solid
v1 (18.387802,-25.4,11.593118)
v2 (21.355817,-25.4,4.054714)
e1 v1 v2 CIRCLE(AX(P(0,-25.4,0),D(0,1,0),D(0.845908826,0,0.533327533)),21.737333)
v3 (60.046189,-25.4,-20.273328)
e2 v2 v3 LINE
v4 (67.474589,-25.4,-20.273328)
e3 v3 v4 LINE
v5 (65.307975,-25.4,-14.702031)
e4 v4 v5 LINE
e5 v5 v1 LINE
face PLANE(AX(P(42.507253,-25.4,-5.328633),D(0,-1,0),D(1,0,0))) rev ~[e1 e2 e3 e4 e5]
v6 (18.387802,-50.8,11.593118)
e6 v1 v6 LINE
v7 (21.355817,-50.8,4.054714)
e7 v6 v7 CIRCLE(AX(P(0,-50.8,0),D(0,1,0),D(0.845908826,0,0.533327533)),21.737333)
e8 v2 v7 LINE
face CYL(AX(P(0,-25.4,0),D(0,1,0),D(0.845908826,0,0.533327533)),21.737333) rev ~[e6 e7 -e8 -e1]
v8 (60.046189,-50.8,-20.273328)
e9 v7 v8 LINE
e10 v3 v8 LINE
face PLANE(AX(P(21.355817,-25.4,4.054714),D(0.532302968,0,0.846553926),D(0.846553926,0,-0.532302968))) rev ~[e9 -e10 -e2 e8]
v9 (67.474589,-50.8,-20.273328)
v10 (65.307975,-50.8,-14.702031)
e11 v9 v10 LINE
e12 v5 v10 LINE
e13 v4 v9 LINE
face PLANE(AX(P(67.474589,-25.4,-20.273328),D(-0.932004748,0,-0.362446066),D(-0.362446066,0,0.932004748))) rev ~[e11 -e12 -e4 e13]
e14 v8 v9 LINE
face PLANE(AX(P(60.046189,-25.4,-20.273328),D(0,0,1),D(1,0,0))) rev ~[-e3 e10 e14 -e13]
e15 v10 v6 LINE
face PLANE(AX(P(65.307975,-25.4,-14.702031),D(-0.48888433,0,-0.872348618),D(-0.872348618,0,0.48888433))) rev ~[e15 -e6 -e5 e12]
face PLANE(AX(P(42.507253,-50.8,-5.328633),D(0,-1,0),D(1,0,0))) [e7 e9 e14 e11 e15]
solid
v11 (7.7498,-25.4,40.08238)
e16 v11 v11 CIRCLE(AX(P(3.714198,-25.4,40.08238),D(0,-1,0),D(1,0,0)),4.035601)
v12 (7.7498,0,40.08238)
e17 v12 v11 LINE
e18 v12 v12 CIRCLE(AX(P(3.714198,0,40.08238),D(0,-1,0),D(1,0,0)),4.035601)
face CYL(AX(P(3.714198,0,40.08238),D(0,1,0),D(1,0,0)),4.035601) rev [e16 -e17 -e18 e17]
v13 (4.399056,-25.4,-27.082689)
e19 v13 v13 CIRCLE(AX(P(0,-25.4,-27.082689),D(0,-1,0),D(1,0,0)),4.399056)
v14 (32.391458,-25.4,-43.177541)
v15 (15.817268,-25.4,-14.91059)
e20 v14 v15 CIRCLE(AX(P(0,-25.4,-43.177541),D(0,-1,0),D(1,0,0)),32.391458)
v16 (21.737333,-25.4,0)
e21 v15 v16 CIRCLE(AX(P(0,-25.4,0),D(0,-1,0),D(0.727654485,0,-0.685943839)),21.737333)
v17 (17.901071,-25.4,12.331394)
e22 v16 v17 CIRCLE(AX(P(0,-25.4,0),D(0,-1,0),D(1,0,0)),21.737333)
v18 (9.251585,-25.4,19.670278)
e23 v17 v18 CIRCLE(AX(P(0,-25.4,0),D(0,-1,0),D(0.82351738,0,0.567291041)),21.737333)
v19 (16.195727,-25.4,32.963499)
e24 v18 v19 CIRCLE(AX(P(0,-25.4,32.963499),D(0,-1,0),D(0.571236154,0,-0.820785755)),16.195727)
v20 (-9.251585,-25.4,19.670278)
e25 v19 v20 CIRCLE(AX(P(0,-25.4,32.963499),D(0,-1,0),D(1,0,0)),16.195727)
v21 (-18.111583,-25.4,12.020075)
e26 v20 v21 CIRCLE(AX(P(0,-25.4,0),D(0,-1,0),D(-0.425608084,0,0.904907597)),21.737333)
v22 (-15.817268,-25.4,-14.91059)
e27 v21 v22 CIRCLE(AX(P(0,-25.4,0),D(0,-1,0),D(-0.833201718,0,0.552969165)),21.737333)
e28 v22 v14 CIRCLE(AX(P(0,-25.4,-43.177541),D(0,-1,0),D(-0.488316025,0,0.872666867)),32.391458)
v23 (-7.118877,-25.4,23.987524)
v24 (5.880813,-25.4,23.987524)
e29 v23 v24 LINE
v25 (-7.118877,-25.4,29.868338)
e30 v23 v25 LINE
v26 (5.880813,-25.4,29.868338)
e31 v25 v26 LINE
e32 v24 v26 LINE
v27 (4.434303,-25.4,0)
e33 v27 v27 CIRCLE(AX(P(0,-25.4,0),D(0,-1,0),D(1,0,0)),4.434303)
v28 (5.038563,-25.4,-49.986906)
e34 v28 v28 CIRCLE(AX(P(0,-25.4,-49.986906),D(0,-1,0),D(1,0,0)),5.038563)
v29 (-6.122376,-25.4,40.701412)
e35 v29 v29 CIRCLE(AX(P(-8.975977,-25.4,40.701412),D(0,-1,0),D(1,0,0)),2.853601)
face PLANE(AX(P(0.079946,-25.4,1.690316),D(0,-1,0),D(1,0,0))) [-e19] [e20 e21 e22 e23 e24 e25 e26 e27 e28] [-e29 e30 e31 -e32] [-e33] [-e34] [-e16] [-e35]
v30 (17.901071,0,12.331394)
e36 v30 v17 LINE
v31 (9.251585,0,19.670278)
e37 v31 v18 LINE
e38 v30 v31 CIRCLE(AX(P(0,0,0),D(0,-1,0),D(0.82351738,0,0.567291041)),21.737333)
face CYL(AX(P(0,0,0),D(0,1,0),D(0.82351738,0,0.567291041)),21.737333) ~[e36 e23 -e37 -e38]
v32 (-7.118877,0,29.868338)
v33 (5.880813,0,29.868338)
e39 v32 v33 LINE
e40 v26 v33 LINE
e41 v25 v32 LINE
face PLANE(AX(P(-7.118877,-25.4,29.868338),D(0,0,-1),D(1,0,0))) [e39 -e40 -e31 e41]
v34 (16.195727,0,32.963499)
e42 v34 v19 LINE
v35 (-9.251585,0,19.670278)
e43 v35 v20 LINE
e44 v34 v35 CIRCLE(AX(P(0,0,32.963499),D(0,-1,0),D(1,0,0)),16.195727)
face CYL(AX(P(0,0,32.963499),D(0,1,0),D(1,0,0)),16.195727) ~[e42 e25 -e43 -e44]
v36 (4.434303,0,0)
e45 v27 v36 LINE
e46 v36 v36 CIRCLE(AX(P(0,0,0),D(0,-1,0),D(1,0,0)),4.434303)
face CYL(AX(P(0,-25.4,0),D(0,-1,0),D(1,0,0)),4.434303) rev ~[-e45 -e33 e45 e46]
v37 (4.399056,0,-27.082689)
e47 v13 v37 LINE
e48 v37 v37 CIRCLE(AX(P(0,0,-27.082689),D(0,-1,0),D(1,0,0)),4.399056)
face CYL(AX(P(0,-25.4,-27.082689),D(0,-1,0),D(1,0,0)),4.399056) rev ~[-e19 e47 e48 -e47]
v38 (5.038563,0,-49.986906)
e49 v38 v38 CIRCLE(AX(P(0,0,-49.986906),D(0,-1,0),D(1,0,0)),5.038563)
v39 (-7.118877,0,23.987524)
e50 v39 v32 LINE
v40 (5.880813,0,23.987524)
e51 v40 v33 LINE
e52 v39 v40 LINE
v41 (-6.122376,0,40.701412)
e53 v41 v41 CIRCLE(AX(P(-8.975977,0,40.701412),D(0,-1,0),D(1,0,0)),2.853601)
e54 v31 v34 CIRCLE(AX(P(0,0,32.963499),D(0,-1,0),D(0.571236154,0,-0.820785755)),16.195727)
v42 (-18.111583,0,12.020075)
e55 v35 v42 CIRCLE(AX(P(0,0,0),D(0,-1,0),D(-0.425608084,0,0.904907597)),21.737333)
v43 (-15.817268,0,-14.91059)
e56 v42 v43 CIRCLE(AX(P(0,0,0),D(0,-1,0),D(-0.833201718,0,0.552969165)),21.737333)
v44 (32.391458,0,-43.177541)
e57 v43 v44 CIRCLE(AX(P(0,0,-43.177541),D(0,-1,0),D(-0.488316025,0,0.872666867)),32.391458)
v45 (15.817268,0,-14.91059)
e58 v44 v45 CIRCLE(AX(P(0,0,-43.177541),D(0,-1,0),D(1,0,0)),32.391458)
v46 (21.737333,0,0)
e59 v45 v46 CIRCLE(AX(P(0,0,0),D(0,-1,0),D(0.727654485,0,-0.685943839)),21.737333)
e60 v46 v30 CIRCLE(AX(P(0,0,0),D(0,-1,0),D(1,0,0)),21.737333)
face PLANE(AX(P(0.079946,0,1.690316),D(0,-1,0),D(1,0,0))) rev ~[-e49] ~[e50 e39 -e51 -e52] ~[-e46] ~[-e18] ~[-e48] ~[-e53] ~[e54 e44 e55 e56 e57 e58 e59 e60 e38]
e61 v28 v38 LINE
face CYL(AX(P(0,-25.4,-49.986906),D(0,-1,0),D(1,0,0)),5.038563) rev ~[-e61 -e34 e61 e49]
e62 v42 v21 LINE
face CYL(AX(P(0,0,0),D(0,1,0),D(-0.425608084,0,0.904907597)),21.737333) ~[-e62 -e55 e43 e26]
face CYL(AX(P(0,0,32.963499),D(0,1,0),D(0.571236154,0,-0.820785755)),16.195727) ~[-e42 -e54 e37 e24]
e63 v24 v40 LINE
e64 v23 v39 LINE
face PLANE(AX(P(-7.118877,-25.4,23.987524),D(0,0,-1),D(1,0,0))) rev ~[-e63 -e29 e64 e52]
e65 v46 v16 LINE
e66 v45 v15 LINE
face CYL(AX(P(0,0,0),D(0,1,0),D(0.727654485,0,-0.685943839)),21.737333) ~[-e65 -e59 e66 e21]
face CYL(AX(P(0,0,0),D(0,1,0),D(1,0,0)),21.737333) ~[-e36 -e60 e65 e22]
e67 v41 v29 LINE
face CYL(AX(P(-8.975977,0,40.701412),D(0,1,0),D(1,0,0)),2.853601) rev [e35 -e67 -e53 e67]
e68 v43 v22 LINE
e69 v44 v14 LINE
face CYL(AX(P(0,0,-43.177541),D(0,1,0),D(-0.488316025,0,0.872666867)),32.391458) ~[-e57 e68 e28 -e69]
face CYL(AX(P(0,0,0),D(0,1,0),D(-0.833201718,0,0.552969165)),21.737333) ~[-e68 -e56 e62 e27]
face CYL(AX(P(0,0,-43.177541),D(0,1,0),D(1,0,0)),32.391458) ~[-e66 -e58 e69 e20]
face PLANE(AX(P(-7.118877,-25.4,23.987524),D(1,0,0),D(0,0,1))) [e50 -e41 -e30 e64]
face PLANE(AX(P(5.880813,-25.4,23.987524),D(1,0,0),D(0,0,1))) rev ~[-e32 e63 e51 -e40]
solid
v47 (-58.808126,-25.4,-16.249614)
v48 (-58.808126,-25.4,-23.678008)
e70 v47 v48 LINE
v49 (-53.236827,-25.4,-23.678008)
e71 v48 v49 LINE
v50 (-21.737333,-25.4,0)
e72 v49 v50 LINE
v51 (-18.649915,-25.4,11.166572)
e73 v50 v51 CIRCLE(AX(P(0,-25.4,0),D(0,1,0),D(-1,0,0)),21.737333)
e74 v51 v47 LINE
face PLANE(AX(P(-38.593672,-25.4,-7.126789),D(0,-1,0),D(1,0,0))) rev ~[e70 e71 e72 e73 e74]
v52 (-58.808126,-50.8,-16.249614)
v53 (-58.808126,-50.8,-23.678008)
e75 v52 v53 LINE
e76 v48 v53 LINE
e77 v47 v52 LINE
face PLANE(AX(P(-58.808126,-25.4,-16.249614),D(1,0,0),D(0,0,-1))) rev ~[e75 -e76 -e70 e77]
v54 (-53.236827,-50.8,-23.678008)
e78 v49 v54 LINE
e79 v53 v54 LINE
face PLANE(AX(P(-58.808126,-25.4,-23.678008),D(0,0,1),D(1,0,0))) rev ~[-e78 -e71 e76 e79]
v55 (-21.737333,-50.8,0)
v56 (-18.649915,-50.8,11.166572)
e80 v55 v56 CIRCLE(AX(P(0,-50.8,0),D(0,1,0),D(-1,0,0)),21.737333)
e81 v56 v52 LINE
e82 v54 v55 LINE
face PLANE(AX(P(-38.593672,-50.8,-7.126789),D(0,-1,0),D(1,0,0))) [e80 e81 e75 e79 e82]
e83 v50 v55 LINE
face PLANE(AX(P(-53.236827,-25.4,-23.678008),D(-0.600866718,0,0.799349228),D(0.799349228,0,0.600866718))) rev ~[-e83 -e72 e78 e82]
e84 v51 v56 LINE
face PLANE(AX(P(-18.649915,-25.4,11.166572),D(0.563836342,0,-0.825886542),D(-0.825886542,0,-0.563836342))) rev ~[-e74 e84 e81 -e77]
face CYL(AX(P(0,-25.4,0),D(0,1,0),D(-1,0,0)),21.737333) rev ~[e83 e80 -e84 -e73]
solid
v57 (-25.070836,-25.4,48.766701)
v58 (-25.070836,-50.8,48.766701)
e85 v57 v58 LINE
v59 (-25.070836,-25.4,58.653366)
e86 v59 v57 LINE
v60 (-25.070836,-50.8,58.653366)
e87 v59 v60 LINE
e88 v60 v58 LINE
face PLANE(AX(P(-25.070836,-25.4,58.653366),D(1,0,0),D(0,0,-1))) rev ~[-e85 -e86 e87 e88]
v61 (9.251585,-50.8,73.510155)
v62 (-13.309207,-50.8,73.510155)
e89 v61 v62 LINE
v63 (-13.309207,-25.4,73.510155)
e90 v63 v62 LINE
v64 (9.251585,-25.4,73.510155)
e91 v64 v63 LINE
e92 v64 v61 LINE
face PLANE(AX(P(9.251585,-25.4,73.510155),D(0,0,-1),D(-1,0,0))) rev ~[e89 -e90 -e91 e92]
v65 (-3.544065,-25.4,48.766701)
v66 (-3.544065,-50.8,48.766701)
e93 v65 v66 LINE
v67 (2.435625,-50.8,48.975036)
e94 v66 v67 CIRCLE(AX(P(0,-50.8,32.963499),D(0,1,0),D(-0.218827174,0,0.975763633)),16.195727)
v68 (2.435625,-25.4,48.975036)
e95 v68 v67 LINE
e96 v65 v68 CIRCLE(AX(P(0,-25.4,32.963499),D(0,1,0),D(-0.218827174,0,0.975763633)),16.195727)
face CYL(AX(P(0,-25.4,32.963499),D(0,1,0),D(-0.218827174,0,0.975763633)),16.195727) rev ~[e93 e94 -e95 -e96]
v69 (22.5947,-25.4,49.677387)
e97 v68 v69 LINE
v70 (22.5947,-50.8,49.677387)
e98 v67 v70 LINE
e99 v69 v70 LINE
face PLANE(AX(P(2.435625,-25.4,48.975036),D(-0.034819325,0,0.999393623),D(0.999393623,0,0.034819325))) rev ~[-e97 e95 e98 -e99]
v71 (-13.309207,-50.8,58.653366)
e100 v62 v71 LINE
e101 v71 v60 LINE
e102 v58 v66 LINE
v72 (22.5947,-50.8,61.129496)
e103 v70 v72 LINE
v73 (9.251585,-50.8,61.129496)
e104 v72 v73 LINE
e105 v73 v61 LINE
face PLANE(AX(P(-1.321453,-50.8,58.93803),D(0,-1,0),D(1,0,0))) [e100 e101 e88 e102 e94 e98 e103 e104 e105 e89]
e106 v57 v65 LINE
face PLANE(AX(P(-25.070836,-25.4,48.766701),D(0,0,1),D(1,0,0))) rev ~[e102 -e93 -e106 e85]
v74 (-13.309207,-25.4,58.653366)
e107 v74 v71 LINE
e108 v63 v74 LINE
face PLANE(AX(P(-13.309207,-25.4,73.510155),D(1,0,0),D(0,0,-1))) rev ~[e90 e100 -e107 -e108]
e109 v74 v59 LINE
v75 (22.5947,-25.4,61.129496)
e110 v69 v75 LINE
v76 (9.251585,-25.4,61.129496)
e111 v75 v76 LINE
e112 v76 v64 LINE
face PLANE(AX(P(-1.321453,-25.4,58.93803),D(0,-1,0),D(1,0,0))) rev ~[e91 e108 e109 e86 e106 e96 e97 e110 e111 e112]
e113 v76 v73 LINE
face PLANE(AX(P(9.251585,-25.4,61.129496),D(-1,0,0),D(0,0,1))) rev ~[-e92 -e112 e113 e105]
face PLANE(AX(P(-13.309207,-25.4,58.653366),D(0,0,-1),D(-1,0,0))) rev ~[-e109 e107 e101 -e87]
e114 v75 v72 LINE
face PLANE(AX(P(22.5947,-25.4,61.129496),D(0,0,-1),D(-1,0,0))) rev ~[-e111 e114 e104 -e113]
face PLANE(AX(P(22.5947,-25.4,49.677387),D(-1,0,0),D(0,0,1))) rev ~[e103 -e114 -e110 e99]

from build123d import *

# Parameters (mm, degrees)
F0_R      = 2.8536008332
F0_R_2    = 4.0356012678
F1_DEPTH  = 25.4
F2_W      = 12.9996906035
F2_H      = 5.8808140457
F3_DEPTH  = 25.4
F4_R      = 4.4343033165
F4_R_2    = 4.3990558924
F4_R_3    = 5.038563347
F5_DEPTH  = 25.4
F7_DEPTH  = 25.4
F9_DEPTH  = 25.4
F11_DEPTH = 25.4


with BuildPart() as f1:
    # F0 (on Front) → F1 (new body)
    with BuildSketch(Plane.XZ):
        with BuildLine():
            ThreePointArc((15.8172677796, -14.9105895849), (20.2031786749, -8.021422144), (21.7373329041, 0))
            ThreePointArc((21.7373329041, 0), (20.7561218785, 6.4571701502), (17.9010714334, 12.3313942164))
            ThreePointArc((17.9010714334, 12.3313942164), (14.0634805526, 16.5749858682), (9.2515846168, 19.6702776763))
            ThreePointArc((9.2515846168, 19.6702776763), (0, 16.767772755), (-9.2515846168, 19.6702776763))
            ThreePointArc((-9.2515846168, 19.6702776763), (-14.2062358877, 16.4527962269), (-18.1115831207, 12.0200748186))
            ThreePointArc((-18.1115831207, 12.0200748186), (-21.6588758286, -1.845193655), (-15.8172677796, -14.9105895849))
            ThreePointArc((-15.8172677796, -14.9105895849), (0, -10.7860838011), (15.8172677796, -14.9105895849))
        make_face()
        with BuildLine():
            ThreePointArc((32.3914575442, -43.1775413454), (27.9423592382, -26.7936748284), (15.8172677796, -14.9105895849))
            ThreePointArc((15.8172677796, -14.9105895849), (0, -21.7373329041), (-15.8172677796, -14.9105895849))
            ThreePointArc((-15.8172677796, -14.9105895849), (-16.3838665169, -71.1199005835), (32.3914575442, -43.1775413454))
        make_face()
        with BuildLine():
            ThreePointArc((-15.8172677796, -14.9105895849), (0, -21.7373329041), (15.8172677796, -14.9105895849))
            ThreePointArc((15.8172677796, -14.9105895849), (0, -10.7860838011), (-15.8172677796, -14.9105895849))
        make_face()
        with BuildLine():
            ThreePointArc((-9.2515846168, 19.6702776763), (0, 16.767772755), (9.2515846168, 19.6702776763))
            ThreePointArc((9.2515846168, 19.6702776763), (0, 21.7373329041), (-9.2515846168, 19.6702776763))
        make_face()
        with BuildLine():
            ThreePointArc((-9.2515846168, 19.6702776763), (0, 21.7373329041), (9.2515846168, 19.6702776763))
            ThreePointArc((9.2515846168, 19.6702776763), (14.3550983655, 25.4646519589), (16.1957266719, 32.9634994268))
            ThreePointArc((16.1957266719, 32.9634994268), (-7.498847468, 47.3185977923), (-9.2515846168, 19.6702776763))
        make_face()
        with Locations((-8.9759770781, 40.7014116645)):
            Circle(F0_R, mode=Mode.SUBTRACT)
        with Locations((3.7141984794, 40.0823801756)):
            Circle(F0_R_2, mode=Mode.SUBTRACT)
    extrude(amount=F1_DEPTH)

    # F2 (on face) → F3 (cut)
    with BuildSketch(Plane.XZ.offset(25.4)):
        with Locations((-0.6190321874, 26.9279312342)):
            Rectangle(F2_W, F2_H)
    extrude(amount=-F3_DEPTH, mode=Mode.SUBTRACT)

    # F4 (on face) → F5 (cut)
    with BuildSketch(Plane.XZ.offset(25.4)):
        Circle(F4_R)
        with Locations((0, -27.0826891065)):
            Circle(F4_R_2)
        with Locations((0, -49.9869063497)):
            Circle(F4_R_3)
    extrude(amount=-F5_DEPTH, mode=Mode.SUBTRACT)


with BuildPart() as f7:
    # F6 (on face) → F7 (new body)
    with BuildSketch(Plane.XZ.offset(25.4)):
        with BuildLine():
            Line((-25.0708362817, 48.766700526), (-3.5440651025, 48.766700526))
            ThreePointArc((-3.5440651025, 48.766700526), (-0.5639242648, 49.1494053902), (2.4356253039, 48.975035637))
            Line((2.4356253039, 48.975035637), (22.5946996361, 49.6773868799))
            Line((22.5946996361, 49.6773868799), (22.5946996361, 61.1294955015))
            Line((22.5946996361, 61.1294955015), (9.2515846168, 61.1294955015))
            Line((9.2515846168, 61.1294955015), (9.2515846168, 73.5101550817))
            Line((9.2515846168, 73.5101550817), (-13.3092068136, 73.5101550817))
            Line((-13.3092068136, 73.5101550817), (-13.3092068136, 58.6533658206))
            Line((-13.3092068136, 58.6533658206), (-25.0708362817, 58.6533658206))
            Line((-25.0708362817, 58.6533658206), (-25.0708362817, 48.766700526))
        make_face()
    extrude(amount=F7_DEPTH)


with BuildPart() as f9:
    # F8 (on face) → F9 (new body)
    with BuildSketch(Plane.XZ.offset(25.4)):
        with BuildLine():
            Line((65.3079748154, -14.7020313889), (18.3878017668, 11.5931181297))
            ThreePointArc((18.3878017668, 11.5931181297), (20.2261142875, 7.9634127491), (21.3558173633, 4.0547141121))
            Line((21.3558173633, 4.0547141121), (60.0461885333, -20.2733278275))
            Line((60.0461885333, -20.2733278275), (67.4745887518, -20.2733278275))
            Line((67.4745887518, -20.2733278275), (65.3079748154, -14.7020313889))
        make_face()
    extrude(amount=F9_DEPTH)


with BuildPart() as f11:
    # F10 (on face) → F11 (new body)
    with BuildSketch(Plane.XZ.offset(25.4)):
        with BuildLine():
            ThreePointArc((-21.7373329041, 0), (-20.9512654201, 5.7927643728), (-18.6499146613, 11.1665717617))
            Line((-18.6499146613, 11.1665717617), (-58.8081255555, -16.2496138364))
            Line((-58.8081255555, -16.2496138364), (-58.8081255555, -23.678008467))
            Line((-58.8081255555, -23.678008467), (-53.2368272543, -23.678008467))
            Line((-53.2368272543, -23.678008467), (-21.7373329041, 0))
        make_face()
    extrude(amount=F11_DEPTH)


solid = Compound([f1.part, f7.part, f9.part, f11.part])
